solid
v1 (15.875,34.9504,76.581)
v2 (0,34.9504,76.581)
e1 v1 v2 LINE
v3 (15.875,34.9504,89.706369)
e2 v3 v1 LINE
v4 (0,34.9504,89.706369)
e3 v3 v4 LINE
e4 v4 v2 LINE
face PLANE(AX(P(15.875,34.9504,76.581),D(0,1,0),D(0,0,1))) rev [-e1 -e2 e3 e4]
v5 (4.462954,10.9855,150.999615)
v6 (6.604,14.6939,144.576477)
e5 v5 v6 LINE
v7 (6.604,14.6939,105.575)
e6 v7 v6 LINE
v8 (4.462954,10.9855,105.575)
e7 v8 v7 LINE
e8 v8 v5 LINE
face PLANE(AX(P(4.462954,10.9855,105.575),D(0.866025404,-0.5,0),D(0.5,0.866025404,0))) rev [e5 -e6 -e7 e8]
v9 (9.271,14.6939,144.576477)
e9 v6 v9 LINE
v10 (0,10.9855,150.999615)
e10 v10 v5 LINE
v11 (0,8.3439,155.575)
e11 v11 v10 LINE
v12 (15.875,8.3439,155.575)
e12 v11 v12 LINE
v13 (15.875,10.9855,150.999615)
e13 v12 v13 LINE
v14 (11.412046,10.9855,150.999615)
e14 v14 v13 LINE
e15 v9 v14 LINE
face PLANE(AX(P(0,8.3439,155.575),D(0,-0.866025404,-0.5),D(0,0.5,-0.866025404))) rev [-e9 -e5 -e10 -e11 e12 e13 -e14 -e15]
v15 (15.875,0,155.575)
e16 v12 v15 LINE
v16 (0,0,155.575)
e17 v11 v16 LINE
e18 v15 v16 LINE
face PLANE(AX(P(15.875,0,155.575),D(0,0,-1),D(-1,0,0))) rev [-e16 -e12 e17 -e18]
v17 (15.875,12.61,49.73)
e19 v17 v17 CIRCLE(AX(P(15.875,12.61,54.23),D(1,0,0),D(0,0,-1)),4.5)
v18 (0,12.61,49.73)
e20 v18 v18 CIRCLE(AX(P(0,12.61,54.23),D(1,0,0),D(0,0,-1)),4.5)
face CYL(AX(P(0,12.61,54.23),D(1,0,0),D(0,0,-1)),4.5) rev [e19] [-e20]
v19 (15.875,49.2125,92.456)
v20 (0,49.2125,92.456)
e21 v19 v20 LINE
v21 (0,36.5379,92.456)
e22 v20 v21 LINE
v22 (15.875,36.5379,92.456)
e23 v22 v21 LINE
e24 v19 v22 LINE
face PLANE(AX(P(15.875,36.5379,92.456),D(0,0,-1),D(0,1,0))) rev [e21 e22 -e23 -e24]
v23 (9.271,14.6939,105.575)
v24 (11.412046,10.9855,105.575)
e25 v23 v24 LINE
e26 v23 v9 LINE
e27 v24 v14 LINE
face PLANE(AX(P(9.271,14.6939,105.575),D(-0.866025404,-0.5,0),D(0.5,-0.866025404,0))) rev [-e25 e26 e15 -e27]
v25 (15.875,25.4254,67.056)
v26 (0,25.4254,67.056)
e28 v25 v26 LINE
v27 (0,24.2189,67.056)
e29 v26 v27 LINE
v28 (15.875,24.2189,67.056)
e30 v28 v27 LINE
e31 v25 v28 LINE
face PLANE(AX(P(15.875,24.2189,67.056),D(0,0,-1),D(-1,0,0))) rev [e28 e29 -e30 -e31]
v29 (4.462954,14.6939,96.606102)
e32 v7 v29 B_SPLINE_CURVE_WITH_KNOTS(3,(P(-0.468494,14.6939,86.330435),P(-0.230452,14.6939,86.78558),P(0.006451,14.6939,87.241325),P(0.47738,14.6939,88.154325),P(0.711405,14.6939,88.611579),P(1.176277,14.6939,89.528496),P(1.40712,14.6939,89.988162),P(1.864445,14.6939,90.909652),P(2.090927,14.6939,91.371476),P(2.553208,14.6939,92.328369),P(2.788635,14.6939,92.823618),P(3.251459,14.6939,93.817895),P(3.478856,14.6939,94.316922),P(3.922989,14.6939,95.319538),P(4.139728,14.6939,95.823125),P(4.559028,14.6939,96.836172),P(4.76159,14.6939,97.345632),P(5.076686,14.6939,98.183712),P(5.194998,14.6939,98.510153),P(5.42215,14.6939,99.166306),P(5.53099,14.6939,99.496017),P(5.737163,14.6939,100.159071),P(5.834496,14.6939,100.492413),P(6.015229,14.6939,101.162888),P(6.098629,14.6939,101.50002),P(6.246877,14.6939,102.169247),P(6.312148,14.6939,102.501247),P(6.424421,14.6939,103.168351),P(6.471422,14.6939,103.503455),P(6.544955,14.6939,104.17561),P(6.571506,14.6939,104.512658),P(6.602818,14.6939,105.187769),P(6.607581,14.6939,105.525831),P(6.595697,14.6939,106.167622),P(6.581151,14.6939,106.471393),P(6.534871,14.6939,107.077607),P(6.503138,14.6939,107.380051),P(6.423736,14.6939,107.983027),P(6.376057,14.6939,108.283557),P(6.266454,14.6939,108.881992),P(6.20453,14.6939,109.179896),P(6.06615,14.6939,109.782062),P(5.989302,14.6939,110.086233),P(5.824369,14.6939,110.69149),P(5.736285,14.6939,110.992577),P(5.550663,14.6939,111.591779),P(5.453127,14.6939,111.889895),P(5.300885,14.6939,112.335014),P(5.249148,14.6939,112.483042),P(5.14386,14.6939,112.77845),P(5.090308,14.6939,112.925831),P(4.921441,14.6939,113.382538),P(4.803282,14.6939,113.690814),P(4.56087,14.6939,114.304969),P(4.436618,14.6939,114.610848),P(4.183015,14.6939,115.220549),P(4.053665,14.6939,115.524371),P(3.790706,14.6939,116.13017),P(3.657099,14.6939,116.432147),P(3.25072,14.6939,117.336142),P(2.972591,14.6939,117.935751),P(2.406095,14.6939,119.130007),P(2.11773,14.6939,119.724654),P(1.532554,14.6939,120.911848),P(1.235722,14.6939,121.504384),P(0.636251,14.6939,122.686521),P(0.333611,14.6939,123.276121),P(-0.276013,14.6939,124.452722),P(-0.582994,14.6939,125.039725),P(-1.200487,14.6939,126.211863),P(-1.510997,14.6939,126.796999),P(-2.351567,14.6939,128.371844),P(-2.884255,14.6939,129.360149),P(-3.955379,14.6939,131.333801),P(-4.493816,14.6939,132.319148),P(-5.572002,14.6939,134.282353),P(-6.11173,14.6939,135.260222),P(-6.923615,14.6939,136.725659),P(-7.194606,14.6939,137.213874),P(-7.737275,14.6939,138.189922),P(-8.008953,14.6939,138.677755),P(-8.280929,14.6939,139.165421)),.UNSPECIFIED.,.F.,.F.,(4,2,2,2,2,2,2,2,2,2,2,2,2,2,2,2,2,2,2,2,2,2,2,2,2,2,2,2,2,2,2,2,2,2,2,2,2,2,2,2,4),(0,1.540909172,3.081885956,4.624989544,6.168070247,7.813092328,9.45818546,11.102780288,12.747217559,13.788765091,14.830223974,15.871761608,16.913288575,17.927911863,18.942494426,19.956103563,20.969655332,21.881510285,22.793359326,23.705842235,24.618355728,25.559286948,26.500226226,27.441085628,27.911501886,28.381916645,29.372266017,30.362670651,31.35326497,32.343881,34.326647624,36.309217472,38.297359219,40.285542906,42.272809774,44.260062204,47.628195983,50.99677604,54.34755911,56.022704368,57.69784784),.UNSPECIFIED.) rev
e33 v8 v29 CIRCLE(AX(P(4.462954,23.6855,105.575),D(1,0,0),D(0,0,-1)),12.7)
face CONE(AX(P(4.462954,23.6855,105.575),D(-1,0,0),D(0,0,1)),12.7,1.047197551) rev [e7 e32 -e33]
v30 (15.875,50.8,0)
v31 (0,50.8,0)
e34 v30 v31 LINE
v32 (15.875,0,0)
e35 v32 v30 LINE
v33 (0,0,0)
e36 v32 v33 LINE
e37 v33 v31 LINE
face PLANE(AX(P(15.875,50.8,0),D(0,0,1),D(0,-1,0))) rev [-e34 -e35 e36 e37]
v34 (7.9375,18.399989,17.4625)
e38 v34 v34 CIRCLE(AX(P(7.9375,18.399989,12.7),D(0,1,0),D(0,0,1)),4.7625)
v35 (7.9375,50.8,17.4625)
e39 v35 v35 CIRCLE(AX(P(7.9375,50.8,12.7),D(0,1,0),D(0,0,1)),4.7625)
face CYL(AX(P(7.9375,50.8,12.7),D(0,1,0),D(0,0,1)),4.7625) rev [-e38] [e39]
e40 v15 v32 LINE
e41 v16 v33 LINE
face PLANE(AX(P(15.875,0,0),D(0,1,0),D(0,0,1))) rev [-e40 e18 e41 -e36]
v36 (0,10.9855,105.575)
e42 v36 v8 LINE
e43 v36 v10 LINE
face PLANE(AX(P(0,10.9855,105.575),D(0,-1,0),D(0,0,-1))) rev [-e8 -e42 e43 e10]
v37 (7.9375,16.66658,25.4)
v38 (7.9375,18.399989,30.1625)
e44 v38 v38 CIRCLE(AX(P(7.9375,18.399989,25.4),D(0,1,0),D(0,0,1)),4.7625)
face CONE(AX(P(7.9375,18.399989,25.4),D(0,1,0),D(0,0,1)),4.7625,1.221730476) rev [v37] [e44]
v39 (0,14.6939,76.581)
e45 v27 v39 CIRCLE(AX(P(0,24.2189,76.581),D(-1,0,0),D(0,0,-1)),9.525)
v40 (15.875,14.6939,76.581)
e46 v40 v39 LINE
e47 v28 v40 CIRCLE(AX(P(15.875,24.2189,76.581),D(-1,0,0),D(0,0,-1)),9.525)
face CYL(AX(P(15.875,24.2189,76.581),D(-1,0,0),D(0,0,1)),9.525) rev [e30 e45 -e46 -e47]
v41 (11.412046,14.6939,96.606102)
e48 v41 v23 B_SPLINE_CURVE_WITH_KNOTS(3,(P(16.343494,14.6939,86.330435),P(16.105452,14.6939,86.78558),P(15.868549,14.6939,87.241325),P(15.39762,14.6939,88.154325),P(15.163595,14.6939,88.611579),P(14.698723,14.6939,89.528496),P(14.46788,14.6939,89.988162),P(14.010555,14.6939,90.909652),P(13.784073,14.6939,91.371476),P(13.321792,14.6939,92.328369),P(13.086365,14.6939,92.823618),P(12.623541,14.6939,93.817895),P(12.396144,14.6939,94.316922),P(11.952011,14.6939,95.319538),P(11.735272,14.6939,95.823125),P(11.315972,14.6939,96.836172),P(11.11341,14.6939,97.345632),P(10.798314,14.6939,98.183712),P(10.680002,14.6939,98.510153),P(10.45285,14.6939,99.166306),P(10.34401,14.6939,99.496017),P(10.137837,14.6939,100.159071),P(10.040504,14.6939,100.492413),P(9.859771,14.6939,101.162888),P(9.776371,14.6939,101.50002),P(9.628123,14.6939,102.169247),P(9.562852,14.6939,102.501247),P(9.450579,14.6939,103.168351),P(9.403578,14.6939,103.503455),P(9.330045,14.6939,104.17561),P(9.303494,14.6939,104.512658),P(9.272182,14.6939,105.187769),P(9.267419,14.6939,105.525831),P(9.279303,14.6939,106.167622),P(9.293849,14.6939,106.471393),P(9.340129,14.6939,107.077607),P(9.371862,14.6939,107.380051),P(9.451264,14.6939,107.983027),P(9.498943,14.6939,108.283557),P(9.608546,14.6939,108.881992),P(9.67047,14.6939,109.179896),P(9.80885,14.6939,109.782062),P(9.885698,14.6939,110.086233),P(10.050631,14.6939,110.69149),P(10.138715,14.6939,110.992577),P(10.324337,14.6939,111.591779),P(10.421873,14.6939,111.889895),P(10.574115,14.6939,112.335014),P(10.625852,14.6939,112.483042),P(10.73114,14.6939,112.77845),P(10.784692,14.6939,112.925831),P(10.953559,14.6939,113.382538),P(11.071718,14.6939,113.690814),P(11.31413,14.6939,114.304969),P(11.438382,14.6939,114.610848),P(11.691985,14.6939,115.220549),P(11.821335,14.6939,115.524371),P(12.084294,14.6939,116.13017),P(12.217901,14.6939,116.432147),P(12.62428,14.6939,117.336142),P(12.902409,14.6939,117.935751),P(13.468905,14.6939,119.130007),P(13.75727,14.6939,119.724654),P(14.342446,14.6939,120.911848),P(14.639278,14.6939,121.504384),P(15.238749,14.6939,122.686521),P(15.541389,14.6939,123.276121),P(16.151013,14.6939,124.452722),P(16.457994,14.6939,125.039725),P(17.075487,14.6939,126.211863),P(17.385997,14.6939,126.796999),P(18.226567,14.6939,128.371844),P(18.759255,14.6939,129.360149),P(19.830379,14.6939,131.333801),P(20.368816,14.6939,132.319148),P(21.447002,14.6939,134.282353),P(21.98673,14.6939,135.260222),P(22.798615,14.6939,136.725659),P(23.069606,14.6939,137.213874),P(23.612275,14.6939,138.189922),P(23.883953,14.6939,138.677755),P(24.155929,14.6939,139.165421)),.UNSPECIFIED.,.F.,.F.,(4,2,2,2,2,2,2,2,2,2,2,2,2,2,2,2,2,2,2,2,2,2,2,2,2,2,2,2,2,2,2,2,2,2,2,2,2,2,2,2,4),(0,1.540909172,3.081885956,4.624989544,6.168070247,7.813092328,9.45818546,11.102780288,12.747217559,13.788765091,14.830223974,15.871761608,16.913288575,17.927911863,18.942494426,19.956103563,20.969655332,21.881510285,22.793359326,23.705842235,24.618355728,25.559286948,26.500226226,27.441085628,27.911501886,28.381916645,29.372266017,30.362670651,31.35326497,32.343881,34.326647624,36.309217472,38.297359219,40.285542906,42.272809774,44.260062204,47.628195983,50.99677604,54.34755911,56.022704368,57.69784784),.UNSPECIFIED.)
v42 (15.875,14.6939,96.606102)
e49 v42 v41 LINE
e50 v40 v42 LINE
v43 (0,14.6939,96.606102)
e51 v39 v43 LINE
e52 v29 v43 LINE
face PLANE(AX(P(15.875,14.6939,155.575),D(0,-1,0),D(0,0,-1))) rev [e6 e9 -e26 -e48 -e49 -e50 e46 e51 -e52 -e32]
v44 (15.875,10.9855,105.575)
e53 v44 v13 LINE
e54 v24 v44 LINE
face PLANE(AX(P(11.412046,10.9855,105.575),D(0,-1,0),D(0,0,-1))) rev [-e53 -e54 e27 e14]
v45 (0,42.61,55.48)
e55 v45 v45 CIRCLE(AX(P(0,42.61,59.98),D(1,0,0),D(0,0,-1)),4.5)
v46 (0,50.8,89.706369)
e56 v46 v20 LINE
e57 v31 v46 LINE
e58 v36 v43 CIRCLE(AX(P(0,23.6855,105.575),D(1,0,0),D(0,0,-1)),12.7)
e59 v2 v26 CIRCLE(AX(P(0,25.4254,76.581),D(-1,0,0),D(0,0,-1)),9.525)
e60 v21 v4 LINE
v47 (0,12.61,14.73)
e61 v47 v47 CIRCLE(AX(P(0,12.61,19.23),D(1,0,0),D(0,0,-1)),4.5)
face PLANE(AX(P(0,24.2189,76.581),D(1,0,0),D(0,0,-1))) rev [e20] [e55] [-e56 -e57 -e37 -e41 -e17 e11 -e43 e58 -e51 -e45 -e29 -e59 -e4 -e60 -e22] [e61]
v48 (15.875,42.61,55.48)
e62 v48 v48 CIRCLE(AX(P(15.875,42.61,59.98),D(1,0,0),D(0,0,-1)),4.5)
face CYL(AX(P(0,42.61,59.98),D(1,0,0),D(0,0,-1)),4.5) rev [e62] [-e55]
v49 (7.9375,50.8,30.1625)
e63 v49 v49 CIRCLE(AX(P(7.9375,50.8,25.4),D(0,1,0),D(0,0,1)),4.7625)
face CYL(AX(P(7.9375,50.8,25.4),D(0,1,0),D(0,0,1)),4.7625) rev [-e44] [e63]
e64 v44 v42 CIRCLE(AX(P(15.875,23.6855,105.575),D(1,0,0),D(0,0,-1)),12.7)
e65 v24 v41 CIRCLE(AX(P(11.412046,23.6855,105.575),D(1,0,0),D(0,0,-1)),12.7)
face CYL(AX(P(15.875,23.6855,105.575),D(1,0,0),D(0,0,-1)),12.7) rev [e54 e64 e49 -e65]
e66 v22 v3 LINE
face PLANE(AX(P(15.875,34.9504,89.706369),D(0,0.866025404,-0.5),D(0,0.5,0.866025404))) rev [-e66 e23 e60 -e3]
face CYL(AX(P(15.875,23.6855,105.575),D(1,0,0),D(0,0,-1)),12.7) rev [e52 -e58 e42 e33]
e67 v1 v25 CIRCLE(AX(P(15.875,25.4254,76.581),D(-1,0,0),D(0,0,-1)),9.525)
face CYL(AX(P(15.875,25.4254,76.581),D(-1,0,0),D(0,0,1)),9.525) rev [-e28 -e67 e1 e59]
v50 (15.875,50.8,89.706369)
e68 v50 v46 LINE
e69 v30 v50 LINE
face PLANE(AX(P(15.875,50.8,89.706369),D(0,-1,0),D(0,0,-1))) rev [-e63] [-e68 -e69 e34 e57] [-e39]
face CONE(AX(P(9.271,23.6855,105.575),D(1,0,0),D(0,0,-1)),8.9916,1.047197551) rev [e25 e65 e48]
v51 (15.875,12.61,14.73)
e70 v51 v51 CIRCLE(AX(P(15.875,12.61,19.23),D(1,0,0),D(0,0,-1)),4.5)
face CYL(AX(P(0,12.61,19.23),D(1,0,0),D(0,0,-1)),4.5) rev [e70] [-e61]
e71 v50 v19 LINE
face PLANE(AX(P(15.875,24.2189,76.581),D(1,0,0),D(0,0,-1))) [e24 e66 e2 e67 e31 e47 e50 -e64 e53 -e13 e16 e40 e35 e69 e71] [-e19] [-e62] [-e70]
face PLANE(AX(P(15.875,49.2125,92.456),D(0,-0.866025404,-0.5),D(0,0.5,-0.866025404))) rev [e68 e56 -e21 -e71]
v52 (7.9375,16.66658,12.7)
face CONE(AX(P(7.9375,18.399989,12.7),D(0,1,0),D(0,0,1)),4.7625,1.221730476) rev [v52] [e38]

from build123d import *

# Parameters (mm, degrees)
EXTRUDE1_DEPTH                   = 15.875
EXTRUDE2_DEPTH                   = 50
F_3_8_0_375_DIAMETER_HOLE1_D     = 9.525
F_3_8_0_375_DIAMETER_HOLE1_DEPTH = 32.4000114
F_3_8_0_375_DIAMETER_HOLE1_TIP   = 1.733408241
SKETCH6_R                        = 4.5
EXTRUDE3_DEPTH                   = 165.426993678


with BuildPart() as part:
    # Sketch1 → Extrude1 (new body)
    with BuildSketch(Plane(origin=(0, 0, 0), x_dir=(0, 0, -1), z_dir=(1, 0, 0))):
        with BuildLine():
            Line((0, 0), (-155.575, 0))
            Line((-155.575, 0), (-155.575, 14.6939))
            Line((-155.575, 14.6939), (-76.581, 14.6939))
            ThreePointArc((-76.581, 14.6939), (-69.845807909, 17.483707909), (-67.056, 24.2189))
            Line((-67.056, 24.2189), (-67.056, 25.4254))
            ThreePointArc((-67.056, 25.4254), (-69.845807909, 32.160592091), (-76.581, 34.9504))
            Line((-76.581, 34.9504), (-89.706369343, 34.9504))
            Line((-89.706369343, 34.9504), (-92.456, 36.5379))
            Line((-92.456, 36.5379), (-92.456, 49.2125))
            Line((-92.456, 49.2125), (-89.706369343, 50.8))
            Line((-89.706369343, 50.8), (0, 50.8))
            Line((0, 50.8), (0, 0))
        make_face()
    extrude(amount=EXTRUDE1_DEPTH)

    # Sketch2 → Extrude2 (cut)
    with BuildSketch(Plane.XY.offset(155.575)):
        Polygon((0, 10.9855), (4.462954262, 10.9855), (6.604, 14.6939), (9.271, 14.6939), (11.412045738, 10.9855), (15.875, 10.9855), (15.875, 23.6855), (0, 23.6855), align=None)
    extrude(amount=-EXTRUDE2_DEPTH, mode=Mode.SUBTRACT)

    # Sketch3 → Cut-Revolve1 (revolve, cut)
    with BuildSketch(Plane.XY.offset(105.575)):
        Polygon((0, 10.9855), (4.462954262, 10.9855), (6.604, 14.6939), (9.271, 14.6939), (11.412045738, 10.9855), (15.875, 10.9855), (15.875, 23.6855), (0, 23.6855), align=None)
    revolve(axis=Axis((15.875, 23.6855, 105.575), (-1, 0, 0)), mode=Mode.SUBTRACT)

    # 3/8 (0.375) Diameter Hole1
    with Locations(Plane(origin=(0, 50.8, 0), x_dir=(-1, 0, 0), z_dir=(0, 1, 0))):
        with Locations((-7.9375, 25.4), (-7.9375, 12.7)):
            Hole(F_3_8_0_375_DIAMETER_HOLE1_D / 2, depth=F_3_8_0_375_DIAMETER_HOLE1_DEPTH)
            with Locations((0, 0, -(F_3_8_0_375_DIAMETER_HOLE1_DEPTH + F_3_8_0_375_DIAMETER_HOLE1_TIP / 2))):  # 140° drill point
                Cone(0, F_3_8_0_375_DIAMETER_HOLE1_D / 2, F_3_8_0_375_DIAMETER_HOLE1_TIP, mode=Mode.SUBTRACT)

    # Sketch6 → Extrude3 (cut, through all)
    with BuildSketch(Plane(origin=(15.875, 0, 0), x_dir=(0, 0, -1), z_dir=(1, 0, 0))):
        with Locations((-54.230000076, 12.609999896)):
            Circle(SKETCH6_R)
        with Locations((-19.230000076, 12.609999896)):
            Circle(SKETCH6_R)
        with Locations((-59.980000078, 42.60999987)):
            Circle(SKETCH6_R)
        Polygon((-155.575, 8.3439), (-144.576477372, 14.6939), (-155.575, 14.6939), align=None)
    extrude(amount=-EXTRUDE3_DEPTH, mode=Mode.SUBTRACT)


solid = part.part
